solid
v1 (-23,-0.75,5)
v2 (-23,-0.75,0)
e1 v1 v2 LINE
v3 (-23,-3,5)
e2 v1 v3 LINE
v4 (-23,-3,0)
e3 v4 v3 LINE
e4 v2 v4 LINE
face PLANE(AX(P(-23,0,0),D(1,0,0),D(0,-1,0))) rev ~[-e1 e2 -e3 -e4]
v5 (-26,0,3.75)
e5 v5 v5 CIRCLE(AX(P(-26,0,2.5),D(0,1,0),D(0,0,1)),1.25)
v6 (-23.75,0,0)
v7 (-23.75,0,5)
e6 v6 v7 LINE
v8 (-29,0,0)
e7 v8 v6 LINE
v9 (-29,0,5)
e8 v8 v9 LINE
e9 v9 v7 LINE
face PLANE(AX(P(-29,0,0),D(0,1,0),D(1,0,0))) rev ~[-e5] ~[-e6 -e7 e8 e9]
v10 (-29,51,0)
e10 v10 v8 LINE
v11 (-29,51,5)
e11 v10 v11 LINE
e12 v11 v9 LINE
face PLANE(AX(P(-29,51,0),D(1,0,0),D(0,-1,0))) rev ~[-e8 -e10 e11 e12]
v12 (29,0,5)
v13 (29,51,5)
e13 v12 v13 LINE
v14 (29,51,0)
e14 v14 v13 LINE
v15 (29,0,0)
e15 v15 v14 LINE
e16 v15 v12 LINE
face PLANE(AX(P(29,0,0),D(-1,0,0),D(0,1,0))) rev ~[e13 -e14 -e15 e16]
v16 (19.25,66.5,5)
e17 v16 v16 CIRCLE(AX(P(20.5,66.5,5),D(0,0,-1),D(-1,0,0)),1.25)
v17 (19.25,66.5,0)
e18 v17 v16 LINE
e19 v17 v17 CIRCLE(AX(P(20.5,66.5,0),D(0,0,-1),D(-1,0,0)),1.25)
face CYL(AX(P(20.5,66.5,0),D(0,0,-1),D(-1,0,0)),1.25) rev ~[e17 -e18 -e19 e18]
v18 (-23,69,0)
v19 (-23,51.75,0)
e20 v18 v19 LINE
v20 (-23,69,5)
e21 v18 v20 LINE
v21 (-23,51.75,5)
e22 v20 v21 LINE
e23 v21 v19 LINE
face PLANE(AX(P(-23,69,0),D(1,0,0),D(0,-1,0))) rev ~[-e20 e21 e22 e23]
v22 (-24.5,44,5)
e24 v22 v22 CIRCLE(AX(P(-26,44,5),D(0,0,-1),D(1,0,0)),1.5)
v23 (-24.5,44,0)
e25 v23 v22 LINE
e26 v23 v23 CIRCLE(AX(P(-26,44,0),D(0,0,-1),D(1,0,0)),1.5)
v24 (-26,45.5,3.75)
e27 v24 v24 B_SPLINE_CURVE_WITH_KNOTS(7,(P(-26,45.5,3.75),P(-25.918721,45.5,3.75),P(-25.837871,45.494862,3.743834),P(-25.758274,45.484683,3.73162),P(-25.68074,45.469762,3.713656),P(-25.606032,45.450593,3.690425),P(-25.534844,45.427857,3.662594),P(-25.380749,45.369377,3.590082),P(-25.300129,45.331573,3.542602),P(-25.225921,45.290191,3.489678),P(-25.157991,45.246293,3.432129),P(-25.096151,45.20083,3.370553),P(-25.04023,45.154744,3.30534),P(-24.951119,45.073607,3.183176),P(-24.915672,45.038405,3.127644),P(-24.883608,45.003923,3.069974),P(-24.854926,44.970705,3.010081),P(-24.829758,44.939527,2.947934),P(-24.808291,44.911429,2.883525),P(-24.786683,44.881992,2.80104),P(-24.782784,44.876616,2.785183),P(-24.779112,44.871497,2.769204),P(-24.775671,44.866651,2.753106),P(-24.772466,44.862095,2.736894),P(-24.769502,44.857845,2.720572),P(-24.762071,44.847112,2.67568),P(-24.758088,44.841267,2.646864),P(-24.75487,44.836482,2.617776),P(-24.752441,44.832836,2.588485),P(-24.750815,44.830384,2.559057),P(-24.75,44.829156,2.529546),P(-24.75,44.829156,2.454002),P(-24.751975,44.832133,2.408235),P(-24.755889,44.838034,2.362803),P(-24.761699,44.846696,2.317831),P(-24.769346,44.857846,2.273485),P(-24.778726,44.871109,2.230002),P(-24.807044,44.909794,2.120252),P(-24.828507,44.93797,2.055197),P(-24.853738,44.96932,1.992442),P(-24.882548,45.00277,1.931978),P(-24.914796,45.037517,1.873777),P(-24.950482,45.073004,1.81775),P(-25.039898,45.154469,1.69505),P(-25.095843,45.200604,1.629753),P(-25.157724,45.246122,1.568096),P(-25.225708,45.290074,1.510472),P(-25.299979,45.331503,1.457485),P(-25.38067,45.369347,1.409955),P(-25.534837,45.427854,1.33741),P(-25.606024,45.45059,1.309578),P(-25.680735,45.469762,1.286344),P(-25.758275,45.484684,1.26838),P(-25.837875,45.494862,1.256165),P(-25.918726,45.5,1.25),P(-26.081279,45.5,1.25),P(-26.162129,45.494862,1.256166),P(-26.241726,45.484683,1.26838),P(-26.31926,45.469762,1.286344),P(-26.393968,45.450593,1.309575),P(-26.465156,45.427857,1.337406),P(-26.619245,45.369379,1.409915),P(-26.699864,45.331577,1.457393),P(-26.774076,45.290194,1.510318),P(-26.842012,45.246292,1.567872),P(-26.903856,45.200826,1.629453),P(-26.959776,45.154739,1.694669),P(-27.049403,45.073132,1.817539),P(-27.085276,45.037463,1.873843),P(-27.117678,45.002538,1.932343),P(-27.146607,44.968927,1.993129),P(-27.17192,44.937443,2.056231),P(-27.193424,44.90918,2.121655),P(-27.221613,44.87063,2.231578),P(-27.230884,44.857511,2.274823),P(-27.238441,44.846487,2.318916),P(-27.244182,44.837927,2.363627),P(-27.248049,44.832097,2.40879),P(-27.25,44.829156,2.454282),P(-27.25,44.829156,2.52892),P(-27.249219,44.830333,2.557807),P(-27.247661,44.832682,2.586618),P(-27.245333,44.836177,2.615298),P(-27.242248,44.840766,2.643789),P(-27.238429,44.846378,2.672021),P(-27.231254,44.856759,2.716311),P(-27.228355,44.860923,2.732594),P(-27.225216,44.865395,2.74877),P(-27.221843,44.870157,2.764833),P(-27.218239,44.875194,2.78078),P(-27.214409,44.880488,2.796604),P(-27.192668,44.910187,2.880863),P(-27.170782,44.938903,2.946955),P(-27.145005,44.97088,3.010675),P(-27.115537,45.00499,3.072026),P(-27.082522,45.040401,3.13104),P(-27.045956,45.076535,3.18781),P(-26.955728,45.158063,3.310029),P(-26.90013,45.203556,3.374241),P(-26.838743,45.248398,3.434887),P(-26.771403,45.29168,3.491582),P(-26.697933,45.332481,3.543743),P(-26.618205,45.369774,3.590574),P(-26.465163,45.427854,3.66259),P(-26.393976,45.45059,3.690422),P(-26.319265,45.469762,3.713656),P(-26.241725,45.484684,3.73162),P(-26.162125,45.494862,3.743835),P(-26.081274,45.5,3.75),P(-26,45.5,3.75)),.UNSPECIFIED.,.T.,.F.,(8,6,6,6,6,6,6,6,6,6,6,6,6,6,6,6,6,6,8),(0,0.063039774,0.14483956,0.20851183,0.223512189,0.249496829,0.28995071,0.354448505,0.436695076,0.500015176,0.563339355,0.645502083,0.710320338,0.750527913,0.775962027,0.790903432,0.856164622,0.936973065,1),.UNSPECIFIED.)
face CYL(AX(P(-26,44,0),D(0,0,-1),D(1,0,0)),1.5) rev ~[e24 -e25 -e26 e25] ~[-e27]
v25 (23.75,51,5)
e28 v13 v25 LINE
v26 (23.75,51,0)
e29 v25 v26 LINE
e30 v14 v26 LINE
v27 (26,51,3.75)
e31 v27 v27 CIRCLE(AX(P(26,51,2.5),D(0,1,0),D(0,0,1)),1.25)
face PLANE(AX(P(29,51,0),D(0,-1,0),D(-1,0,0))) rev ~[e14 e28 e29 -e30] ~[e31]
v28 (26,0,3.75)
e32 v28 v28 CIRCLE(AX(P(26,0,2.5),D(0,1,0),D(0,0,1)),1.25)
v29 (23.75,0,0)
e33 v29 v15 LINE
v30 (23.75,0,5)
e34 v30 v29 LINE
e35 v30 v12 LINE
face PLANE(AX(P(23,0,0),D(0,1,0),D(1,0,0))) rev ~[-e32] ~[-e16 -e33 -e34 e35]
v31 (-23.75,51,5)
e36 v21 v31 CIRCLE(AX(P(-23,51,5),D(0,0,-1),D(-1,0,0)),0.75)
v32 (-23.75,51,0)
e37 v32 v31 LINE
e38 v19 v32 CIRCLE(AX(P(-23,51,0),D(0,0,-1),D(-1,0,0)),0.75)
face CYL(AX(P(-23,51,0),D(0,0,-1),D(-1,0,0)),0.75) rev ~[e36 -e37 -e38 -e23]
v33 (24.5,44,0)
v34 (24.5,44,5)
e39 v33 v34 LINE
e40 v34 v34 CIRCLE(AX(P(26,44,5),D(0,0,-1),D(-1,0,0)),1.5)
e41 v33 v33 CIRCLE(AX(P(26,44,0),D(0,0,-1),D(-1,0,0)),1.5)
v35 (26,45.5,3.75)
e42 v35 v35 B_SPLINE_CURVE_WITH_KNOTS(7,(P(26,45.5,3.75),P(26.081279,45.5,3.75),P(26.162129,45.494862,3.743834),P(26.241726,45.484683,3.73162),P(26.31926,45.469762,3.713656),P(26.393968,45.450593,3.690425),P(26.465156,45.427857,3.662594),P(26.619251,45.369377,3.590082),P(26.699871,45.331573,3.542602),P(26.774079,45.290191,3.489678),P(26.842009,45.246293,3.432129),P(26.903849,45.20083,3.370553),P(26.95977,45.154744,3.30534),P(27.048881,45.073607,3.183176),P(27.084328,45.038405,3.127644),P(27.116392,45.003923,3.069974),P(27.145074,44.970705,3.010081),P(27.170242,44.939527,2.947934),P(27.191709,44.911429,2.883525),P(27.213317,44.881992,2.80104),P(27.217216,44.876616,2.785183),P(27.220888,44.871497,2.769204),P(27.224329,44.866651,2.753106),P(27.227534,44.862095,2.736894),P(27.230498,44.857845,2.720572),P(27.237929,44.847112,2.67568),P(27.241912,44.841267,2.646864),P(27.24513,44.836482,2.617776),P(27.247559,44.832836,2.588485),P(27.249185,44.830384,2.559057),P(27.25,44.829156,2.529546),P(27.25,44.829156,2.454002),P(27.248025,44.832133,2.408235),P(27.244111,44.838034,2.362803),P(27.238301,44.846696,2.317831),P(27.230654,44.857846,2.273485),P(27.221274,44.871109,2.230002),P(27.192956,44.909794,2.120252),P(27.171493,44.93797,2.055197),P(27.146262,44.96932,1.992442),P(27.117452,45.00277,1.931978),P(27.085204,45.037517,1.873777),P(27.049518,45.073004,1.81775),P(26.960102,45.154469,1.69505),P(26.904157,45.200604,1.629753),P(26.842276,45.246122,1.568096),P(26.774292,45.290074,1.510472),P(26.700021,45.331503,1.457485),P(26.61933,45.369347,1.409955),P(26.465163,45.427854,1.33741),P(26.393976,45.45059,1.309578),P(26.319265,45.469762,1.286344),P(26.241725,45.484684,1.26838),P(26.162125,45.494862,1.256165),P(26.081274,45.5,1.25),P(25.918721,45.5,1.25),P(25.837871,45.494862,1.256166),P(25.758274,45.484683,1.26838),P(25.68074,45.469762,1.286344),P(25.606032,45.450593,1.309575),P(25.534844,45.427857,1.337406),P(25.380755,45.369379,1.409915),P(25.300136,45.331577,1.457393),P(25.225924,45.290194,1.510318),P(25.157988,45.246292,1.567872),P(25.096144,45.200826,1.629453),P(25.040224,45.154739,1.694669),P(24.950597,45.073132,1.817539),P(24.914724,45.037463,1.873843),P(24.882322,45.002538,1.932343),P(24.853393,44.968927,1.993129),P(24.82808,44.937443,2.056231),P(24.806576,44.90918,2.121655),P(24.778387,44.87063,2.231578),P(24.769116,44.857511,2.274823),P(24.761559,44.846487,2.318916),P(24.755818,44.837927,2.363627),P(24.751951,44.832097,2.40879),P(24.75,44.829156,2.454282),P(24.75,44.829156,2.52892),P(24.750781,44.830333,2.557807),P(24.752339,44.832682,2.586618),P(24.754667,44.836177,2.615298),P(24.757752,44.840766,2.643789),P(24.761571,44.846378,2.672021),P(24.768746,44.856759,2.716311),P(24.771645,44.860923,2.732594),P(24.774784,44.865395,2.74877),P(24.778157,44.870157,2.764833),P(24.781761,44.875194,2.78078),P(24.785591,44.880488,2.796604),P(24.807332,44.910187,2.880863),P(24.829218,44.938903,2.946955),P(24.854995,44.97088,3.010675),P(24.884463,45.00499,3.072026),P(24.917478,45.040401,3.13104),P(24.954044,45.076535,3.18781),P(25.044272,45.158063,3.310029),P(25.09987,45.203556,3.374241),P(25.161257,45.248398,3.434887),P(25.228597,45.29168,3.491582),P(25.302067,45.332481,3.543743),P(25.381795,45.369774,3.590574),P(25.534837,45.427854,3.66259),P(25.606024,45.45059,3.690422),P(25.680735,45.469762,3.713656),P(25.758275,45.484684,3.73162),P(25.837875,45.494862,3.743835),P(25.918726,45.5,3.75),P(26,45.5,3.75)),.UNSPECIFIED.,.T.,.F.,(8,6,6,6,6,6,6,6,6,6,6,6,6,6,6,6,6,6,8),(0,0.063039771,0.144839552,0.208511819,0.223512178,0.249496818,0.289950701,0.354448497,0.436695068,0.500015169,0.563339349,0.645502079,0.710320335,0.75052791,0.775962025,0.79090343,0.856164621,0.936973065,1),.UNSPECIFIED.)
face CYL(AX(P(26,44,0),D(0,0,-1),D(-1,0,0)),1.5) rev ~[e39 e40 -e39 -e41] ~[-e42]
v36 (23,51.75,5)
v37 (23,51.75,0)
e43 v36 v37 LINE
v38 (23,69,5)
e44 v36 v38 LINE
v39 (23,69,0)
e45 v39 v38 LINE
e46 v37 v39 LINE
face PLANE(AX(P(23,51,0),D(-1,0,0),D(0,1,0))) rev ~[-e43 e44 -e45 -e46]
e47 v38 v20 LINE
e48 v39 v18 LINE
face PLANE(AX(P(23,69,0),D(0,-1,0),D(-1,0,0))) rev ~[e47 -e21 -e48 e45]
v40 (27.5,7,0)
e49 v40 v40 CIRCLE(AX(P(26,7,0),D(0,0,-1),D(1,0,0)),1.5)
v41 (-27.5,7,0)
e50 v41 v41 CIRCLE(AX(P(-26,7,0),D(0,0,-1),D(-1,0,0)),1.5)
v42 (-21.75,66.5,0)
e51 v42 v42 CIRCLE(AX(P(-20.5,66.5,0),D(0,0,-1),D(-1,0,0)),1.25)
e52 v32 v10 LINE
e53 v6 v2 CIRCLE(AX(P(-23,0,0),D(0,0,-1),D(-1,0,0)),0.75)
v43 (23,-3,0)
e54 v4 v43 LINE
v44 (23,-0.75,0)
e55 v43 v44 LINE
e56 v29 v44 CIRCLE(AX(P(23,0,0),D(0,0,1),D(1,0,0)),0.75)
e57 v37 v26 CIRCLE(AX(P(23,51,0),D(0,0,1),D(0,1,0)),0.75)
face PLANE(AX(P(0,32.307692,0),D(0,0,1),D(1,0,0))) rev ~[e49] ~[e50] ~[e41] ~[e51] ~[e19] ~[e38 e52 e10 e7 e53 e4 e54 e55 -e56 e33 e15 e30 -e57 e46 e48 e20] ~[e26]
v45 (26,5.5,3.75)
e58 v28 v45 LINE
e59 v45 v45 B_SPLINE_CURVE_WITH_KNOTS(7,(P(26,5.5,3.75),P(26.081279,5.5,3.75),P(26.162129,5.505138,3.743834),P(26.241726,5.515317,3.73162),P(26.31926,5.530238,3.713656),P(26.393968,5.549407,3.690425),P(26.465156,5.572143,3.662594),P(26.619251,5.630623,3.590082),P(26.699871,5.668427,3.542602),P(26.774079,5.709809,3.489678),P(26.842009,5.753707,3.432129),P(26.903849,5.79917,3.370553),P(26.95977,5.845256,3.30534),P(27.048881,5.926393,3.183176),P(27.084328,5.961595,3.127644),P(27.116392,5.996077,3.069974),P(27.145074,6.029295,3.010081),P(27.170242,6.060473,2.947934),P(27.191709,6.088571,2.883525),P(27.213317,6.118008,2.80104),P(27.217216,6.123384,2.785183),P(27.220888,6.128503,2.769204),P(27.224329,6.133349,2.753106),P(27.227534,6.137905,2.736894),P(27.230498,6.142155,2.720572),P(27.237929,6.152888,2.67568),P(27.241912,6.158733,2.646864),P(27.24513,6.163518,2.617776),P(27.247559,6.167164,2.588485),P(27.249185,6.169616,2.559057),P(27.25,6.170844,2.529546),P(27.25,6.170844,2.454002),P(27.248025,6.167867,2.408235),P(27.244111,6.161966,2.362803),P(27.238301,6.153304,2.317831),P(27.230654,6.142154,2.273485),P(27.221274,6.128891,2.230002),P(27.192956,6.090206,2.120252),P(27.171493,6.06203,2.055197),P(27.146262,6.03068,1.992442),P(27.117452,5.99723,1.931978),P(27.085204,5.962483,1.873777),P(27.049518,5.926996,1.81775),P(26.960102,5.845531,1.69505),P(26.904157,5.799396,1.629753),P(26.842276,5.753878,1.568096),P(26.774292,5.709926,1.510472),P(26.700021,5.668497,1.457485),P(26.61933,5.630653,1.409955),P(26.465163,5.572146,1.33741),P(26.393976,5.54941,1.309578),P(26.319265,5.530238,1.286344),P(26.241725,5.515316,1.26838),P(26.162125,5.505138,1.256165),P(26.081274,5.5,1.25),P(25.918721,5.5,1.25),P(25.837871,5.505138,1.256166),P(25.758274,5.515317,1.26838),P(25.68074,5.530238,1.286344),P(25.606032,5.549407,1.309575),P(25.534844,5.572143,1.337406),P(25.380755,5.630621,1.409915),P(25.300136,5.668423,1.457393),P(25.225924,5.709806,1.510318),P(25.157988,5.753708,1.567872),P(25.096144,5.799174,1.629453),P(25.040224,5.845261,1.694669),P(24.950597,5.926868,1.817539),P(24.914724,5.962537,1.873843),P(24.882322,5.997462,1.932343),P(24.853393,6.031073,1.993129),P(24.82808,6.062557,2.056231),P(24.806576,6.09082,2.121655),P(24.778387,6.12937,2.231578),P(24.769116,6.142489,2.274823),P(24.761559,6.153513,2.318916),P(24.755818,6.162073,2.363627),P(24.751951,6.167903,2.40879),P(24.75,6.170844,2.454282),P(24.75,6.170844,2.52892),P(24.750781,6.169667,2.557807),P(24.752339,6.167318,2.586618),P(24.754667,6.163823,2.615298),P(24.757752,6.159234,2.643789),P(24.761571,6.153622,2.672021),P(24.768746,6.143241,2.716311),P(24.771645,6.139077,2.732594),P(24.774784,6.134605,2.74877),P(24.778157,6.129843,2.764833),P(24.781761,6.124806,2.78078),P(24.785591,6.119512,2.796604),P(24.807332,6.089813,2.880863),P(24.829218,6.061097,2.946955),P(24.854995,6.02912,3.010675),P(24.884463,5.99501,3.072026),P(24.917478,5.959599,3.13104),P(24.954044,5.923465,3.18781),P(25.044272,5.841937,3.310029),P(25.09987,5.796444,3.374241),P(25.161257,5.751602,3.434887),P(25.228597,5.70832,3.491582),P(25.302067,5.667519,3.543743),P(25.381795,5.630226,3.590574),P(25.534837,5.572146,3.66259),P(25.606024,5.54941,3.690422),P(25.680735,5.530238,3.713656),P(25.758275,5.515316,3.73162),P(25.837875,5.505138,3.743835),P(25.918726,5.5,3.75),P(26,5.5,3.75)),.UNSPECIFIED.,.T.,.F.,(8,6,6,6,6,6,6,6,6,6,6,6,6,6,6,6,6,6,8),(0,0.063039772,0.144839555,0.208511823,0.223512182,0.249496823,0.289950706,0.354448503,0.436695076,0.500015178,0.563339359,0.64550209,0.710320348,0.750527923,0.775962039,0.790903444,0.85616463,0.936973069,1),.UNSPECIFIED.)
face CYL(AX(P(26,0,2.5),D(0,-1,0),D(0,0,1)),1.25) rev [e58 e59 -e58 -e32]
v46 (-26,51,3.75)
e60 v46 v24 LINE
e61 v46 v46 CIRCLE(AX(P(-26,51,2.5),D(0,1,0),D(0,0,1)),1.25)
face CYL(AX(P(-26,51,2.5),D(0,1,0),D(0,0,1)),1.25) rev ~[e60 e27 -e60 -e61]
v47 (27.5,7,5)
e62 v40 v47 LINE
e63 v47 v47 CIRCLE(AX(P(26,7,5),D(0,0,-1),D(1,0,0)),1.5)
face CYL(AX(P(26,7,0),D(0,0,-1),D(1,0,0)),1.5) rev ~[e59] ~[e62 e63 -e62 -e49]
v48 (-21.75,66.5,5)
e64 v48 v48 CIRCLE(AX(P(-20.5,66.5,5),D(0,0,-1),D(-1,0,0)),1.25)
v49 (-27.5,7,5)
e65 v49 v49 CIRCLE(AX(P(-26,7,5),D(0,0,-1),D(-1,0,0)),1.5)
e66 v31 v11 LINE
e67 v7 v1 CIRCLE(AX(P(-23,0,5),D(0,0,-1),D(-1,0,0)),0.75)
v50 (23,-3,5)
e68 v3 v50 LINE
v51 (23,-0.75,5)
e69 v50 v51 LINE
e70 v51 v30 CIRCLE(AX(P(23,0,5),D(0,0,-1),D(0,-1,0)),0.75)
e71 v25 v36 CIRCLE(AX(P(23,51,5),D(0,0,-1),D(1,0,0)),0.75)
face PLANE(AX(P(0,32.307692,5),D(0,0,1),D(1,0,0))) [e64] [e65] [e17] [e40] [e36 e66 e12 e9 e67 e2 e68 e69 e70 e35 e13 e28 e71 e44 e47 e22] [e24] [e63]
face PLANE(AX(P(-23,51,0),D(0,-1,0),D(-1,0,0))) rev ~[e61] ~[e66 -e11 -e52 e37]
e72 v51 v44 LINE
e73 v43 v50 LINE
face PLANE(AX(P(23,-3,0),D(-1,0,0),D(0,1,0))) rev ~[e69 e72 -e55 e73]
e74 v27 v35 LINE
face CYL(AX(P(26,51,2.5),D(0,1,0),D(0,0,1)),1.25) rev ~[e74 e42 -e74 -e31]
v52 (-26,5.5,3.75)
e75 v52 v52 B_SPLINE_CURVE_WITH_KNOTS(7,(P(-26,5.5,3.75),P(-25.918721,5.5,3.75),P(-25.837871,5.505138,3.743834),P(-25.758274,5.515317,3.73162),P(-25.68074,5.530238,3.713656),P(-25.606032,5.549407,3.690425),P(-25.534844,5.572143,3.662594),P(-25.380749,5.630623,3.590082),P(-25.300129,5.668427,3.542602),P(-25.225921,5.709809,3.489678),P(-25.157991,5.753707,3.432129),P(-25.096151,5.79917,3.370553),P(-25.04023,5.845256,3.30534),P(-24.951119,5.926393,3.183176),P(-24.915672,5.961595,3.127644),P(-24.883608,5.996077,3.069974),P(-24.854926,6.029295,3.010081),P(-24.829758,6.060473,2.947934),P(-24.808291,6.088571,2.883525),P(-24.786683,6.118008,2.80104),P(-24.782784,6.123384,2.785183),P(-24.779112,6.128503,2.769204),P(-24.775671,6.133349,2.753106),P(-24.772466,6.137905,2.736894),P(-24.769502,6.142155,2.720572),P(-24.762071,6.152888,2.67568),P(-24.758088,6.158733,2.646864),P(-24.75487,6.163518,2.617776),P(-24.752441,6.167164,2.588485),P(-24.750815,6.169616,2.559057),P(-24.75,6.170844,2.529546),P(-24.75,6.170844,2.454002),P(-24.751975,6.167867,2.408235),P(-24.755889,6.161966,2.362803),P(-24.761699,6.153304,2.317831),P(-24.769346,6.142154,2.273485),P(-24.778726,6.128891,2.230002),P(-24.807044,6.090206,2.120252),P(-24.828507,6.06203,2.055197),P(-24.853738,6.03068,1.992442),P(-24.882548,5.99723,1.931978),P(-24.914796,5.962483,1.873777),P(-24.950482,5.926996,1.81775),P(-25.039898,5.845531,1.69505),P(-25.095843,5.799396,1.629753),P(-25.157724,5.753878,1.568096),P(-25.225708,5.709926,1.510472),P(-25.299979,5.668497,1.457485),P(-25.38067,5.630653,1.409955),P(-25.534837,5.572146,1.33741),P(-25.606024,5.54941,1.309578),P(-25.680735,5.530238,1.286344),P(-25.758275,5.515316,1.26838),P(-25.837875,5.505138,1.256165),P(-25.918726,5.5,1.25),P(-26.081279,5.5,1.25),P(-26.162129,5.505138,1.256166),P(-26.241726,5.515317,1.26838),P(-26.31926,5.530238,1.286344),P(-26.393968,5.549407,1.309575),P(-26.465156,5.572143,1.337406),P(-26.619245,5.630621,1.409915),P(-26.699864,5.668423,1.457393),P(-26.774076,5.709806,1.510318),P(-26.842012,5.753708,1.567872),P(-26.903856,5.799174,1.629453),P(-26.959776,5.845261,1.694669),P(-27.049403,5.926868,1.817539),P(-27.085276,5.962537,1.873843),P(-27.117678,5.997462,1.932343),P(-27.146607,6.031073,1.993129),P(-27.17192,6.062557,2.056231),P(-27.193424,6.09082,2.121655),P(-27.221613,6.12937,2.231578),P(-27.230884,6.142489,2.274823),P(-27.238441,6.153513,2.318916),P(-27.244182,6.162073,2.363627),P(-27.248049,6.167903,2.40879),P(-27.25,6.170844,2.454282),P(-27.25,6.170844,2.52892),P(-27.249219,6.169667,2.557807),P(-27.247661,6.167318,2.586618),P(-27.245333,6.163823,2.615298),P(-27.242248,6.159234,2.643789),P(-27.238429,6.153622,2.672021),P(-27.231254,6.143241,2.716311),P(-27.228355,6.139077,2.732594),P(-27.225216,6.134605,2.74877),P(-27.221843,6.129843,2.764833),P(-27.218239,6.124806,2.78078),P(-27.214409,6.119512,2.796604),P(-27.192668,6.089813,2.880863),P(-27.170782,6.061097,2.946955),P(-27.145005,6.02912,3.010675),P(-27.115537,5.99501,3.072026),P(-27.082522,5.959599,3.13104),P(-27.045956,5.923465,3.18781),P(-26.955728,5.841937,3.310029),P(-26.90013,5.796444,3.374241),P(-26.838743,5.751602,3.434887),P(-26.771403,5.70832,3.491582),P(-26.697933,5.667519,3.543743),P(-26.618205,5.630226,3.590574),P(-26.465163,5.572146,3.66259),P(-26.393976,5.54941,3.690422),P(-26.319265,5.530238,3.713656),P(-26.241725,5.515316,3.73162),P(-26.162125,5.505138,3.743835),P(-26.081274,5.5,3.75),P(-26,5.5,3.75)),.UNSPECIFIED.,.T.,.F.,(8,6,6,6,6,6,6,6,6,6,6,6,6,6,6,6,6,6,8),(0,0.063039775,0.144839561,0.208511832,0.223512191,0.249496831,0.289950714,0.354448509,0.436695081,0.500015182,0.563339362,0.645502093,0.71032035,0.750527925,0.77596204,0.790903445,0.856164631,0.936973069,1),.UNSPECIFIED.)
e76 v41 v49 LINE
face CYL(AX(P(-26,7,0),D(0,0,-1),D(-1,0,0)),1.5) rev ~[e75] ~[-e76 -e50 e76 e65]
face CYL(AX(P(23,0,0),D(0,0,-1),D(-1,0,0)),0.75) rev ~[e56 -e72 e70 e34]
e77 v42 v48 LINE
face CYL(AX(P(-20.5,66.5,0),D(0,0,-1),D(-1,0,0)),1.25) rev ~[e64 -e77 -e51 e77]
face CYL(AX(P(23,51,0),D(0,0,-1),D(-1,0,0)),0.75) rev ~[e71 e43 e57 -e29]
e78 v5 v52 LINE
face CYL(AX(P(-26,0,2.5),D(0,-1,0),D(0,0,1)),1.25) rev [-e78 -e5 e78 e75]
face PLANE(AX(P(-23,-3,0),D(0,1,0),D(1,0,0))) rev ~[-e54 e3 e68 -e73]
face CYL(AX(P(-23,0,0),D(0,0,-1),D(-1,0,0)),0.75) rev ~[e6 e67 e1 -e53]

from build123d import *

# Parameters (mm, degrees)
EXTRUDE_1_DEPTH     = 5
SKETCH_3_R          = 1.25
CUT_EXTRUDE_2_DEPTH = 7.5
SKETCH_4_R          = 1.25
CUT_EXTRUDE_3_DEPTH = 76.013332148
SKETCH_5_R          = 0.75
CUT_EXTRUDE_4_DEPTH = 76.013332148
SKETCH_6_R          = 1.5
CUT_EXTRUDE_5_DEPTH = 76.013332148


with BuildPart() as part:
    # ｽｹｯﾁ1 → ﾎﾞｽ - 押し出し1 (new body)
    with BuildSketch(Plane.XY):
        Polygon((-29, 51), (-29, 0), (-23, 0), (-23, -3), (23, -3), (23, 0), (29, 0), (29, 51), (23, 51), (23, 69), (-23, 69), (-23, 51), align=None)
    extrude(amount=EXTRUDE_1_DEPTH)

    # ｽｹｯﾁ3 → ｶｯﾄ - 押し出し2 (cut)
    with BuildSketch(Plane(origin=(0, 51, 0), x_dir=(1, 0, 0), z_dir=(0, 1, 0))):
        with Locations(Location((-26, -2.5, 0), (0, 0, 270))):
            Circle(SKETCH_3_R)
        with Locations(Location((26, -2.5, 0), (0, 0, 270))):
            Circle(SKETCH_3_R)
    cut_extrude_2 = extrude(amount=-CUT_EXTRUDE_2_DEPTH, mode=Mode.SUBTRACT)

    # ﾐﾗｰ1: ｶｯﾄ - 押し出し2 across plane
    add(cut_extrude_2.mirror(Plane.ZX.offset(25.5)), mode=Mode.SUBTRACT)

    # ｽｹｯﾁ4 → ｶｯﾄ - 押し出し3 (cut, through all)
    with BuildSketch(Plane(origin=(0, 0, 0), x_dir=(-1, 0, 0), z_dir=(0, 0, -1))):
        with Locations((-20.5, 66.5)):
            Circle(SKETCH_4_R)
        with Locations((20.5, 66.5)):
            Circle(SKETCH_4_R)
    extrude(amount=-CUT_EXTRUDE_3_DEPTH, mode=Mode.SUBTRACT)

    # ｽｹｯﾁ5 → ｶｯﾄ - 押し出し4 (cut, through all)
    with BuildSketch(Plane(origin=(0, 0, 0), x_dir=(-1, 0, 0), z_dir=(0, 0, -1))):
        with Locations((-23, 0)):
            Circle(SKETCH_5_R)
        with Locations((23, 0)):
            Circle(SKETCH_5_R)
        with Locations((-23, 51)):
            Circle(SKETCH_5_R)
        with Locations((23, 51)):
            Circle(SKETCH_5_R)
    extrude(amount=-CUT_EXTRUDE_4_DEPTH, mode=Mode.SUBTRACT)

    # ｽｹｯﾁ6 → ｶｯﾄ - 押し出し5 (cut, through all)
    with BuildSketch(Plane(origin=(0, 0, 0), x_dir=(-1, 0, 0), z_dir=(0, 0, -1))):
        with Locations((-26, 44)):
            Circle(SKETCH_6_R)
        with Locations(Location((-26, 7, 0), (0, 0, 180))):
            Circle(SKETCH_6_R)
        with Locations((26, 7)):
            Circle(SKETCH_6_R)
        with Locations(Location((26, 44, 0), (0, 0, 180))):
            Circle(SKETCH_6_R)
    extrude(amount=-CUT_EXTRUDE_5_DEPTH, mode=Mode.SUBTRACT)


solid = part.part
